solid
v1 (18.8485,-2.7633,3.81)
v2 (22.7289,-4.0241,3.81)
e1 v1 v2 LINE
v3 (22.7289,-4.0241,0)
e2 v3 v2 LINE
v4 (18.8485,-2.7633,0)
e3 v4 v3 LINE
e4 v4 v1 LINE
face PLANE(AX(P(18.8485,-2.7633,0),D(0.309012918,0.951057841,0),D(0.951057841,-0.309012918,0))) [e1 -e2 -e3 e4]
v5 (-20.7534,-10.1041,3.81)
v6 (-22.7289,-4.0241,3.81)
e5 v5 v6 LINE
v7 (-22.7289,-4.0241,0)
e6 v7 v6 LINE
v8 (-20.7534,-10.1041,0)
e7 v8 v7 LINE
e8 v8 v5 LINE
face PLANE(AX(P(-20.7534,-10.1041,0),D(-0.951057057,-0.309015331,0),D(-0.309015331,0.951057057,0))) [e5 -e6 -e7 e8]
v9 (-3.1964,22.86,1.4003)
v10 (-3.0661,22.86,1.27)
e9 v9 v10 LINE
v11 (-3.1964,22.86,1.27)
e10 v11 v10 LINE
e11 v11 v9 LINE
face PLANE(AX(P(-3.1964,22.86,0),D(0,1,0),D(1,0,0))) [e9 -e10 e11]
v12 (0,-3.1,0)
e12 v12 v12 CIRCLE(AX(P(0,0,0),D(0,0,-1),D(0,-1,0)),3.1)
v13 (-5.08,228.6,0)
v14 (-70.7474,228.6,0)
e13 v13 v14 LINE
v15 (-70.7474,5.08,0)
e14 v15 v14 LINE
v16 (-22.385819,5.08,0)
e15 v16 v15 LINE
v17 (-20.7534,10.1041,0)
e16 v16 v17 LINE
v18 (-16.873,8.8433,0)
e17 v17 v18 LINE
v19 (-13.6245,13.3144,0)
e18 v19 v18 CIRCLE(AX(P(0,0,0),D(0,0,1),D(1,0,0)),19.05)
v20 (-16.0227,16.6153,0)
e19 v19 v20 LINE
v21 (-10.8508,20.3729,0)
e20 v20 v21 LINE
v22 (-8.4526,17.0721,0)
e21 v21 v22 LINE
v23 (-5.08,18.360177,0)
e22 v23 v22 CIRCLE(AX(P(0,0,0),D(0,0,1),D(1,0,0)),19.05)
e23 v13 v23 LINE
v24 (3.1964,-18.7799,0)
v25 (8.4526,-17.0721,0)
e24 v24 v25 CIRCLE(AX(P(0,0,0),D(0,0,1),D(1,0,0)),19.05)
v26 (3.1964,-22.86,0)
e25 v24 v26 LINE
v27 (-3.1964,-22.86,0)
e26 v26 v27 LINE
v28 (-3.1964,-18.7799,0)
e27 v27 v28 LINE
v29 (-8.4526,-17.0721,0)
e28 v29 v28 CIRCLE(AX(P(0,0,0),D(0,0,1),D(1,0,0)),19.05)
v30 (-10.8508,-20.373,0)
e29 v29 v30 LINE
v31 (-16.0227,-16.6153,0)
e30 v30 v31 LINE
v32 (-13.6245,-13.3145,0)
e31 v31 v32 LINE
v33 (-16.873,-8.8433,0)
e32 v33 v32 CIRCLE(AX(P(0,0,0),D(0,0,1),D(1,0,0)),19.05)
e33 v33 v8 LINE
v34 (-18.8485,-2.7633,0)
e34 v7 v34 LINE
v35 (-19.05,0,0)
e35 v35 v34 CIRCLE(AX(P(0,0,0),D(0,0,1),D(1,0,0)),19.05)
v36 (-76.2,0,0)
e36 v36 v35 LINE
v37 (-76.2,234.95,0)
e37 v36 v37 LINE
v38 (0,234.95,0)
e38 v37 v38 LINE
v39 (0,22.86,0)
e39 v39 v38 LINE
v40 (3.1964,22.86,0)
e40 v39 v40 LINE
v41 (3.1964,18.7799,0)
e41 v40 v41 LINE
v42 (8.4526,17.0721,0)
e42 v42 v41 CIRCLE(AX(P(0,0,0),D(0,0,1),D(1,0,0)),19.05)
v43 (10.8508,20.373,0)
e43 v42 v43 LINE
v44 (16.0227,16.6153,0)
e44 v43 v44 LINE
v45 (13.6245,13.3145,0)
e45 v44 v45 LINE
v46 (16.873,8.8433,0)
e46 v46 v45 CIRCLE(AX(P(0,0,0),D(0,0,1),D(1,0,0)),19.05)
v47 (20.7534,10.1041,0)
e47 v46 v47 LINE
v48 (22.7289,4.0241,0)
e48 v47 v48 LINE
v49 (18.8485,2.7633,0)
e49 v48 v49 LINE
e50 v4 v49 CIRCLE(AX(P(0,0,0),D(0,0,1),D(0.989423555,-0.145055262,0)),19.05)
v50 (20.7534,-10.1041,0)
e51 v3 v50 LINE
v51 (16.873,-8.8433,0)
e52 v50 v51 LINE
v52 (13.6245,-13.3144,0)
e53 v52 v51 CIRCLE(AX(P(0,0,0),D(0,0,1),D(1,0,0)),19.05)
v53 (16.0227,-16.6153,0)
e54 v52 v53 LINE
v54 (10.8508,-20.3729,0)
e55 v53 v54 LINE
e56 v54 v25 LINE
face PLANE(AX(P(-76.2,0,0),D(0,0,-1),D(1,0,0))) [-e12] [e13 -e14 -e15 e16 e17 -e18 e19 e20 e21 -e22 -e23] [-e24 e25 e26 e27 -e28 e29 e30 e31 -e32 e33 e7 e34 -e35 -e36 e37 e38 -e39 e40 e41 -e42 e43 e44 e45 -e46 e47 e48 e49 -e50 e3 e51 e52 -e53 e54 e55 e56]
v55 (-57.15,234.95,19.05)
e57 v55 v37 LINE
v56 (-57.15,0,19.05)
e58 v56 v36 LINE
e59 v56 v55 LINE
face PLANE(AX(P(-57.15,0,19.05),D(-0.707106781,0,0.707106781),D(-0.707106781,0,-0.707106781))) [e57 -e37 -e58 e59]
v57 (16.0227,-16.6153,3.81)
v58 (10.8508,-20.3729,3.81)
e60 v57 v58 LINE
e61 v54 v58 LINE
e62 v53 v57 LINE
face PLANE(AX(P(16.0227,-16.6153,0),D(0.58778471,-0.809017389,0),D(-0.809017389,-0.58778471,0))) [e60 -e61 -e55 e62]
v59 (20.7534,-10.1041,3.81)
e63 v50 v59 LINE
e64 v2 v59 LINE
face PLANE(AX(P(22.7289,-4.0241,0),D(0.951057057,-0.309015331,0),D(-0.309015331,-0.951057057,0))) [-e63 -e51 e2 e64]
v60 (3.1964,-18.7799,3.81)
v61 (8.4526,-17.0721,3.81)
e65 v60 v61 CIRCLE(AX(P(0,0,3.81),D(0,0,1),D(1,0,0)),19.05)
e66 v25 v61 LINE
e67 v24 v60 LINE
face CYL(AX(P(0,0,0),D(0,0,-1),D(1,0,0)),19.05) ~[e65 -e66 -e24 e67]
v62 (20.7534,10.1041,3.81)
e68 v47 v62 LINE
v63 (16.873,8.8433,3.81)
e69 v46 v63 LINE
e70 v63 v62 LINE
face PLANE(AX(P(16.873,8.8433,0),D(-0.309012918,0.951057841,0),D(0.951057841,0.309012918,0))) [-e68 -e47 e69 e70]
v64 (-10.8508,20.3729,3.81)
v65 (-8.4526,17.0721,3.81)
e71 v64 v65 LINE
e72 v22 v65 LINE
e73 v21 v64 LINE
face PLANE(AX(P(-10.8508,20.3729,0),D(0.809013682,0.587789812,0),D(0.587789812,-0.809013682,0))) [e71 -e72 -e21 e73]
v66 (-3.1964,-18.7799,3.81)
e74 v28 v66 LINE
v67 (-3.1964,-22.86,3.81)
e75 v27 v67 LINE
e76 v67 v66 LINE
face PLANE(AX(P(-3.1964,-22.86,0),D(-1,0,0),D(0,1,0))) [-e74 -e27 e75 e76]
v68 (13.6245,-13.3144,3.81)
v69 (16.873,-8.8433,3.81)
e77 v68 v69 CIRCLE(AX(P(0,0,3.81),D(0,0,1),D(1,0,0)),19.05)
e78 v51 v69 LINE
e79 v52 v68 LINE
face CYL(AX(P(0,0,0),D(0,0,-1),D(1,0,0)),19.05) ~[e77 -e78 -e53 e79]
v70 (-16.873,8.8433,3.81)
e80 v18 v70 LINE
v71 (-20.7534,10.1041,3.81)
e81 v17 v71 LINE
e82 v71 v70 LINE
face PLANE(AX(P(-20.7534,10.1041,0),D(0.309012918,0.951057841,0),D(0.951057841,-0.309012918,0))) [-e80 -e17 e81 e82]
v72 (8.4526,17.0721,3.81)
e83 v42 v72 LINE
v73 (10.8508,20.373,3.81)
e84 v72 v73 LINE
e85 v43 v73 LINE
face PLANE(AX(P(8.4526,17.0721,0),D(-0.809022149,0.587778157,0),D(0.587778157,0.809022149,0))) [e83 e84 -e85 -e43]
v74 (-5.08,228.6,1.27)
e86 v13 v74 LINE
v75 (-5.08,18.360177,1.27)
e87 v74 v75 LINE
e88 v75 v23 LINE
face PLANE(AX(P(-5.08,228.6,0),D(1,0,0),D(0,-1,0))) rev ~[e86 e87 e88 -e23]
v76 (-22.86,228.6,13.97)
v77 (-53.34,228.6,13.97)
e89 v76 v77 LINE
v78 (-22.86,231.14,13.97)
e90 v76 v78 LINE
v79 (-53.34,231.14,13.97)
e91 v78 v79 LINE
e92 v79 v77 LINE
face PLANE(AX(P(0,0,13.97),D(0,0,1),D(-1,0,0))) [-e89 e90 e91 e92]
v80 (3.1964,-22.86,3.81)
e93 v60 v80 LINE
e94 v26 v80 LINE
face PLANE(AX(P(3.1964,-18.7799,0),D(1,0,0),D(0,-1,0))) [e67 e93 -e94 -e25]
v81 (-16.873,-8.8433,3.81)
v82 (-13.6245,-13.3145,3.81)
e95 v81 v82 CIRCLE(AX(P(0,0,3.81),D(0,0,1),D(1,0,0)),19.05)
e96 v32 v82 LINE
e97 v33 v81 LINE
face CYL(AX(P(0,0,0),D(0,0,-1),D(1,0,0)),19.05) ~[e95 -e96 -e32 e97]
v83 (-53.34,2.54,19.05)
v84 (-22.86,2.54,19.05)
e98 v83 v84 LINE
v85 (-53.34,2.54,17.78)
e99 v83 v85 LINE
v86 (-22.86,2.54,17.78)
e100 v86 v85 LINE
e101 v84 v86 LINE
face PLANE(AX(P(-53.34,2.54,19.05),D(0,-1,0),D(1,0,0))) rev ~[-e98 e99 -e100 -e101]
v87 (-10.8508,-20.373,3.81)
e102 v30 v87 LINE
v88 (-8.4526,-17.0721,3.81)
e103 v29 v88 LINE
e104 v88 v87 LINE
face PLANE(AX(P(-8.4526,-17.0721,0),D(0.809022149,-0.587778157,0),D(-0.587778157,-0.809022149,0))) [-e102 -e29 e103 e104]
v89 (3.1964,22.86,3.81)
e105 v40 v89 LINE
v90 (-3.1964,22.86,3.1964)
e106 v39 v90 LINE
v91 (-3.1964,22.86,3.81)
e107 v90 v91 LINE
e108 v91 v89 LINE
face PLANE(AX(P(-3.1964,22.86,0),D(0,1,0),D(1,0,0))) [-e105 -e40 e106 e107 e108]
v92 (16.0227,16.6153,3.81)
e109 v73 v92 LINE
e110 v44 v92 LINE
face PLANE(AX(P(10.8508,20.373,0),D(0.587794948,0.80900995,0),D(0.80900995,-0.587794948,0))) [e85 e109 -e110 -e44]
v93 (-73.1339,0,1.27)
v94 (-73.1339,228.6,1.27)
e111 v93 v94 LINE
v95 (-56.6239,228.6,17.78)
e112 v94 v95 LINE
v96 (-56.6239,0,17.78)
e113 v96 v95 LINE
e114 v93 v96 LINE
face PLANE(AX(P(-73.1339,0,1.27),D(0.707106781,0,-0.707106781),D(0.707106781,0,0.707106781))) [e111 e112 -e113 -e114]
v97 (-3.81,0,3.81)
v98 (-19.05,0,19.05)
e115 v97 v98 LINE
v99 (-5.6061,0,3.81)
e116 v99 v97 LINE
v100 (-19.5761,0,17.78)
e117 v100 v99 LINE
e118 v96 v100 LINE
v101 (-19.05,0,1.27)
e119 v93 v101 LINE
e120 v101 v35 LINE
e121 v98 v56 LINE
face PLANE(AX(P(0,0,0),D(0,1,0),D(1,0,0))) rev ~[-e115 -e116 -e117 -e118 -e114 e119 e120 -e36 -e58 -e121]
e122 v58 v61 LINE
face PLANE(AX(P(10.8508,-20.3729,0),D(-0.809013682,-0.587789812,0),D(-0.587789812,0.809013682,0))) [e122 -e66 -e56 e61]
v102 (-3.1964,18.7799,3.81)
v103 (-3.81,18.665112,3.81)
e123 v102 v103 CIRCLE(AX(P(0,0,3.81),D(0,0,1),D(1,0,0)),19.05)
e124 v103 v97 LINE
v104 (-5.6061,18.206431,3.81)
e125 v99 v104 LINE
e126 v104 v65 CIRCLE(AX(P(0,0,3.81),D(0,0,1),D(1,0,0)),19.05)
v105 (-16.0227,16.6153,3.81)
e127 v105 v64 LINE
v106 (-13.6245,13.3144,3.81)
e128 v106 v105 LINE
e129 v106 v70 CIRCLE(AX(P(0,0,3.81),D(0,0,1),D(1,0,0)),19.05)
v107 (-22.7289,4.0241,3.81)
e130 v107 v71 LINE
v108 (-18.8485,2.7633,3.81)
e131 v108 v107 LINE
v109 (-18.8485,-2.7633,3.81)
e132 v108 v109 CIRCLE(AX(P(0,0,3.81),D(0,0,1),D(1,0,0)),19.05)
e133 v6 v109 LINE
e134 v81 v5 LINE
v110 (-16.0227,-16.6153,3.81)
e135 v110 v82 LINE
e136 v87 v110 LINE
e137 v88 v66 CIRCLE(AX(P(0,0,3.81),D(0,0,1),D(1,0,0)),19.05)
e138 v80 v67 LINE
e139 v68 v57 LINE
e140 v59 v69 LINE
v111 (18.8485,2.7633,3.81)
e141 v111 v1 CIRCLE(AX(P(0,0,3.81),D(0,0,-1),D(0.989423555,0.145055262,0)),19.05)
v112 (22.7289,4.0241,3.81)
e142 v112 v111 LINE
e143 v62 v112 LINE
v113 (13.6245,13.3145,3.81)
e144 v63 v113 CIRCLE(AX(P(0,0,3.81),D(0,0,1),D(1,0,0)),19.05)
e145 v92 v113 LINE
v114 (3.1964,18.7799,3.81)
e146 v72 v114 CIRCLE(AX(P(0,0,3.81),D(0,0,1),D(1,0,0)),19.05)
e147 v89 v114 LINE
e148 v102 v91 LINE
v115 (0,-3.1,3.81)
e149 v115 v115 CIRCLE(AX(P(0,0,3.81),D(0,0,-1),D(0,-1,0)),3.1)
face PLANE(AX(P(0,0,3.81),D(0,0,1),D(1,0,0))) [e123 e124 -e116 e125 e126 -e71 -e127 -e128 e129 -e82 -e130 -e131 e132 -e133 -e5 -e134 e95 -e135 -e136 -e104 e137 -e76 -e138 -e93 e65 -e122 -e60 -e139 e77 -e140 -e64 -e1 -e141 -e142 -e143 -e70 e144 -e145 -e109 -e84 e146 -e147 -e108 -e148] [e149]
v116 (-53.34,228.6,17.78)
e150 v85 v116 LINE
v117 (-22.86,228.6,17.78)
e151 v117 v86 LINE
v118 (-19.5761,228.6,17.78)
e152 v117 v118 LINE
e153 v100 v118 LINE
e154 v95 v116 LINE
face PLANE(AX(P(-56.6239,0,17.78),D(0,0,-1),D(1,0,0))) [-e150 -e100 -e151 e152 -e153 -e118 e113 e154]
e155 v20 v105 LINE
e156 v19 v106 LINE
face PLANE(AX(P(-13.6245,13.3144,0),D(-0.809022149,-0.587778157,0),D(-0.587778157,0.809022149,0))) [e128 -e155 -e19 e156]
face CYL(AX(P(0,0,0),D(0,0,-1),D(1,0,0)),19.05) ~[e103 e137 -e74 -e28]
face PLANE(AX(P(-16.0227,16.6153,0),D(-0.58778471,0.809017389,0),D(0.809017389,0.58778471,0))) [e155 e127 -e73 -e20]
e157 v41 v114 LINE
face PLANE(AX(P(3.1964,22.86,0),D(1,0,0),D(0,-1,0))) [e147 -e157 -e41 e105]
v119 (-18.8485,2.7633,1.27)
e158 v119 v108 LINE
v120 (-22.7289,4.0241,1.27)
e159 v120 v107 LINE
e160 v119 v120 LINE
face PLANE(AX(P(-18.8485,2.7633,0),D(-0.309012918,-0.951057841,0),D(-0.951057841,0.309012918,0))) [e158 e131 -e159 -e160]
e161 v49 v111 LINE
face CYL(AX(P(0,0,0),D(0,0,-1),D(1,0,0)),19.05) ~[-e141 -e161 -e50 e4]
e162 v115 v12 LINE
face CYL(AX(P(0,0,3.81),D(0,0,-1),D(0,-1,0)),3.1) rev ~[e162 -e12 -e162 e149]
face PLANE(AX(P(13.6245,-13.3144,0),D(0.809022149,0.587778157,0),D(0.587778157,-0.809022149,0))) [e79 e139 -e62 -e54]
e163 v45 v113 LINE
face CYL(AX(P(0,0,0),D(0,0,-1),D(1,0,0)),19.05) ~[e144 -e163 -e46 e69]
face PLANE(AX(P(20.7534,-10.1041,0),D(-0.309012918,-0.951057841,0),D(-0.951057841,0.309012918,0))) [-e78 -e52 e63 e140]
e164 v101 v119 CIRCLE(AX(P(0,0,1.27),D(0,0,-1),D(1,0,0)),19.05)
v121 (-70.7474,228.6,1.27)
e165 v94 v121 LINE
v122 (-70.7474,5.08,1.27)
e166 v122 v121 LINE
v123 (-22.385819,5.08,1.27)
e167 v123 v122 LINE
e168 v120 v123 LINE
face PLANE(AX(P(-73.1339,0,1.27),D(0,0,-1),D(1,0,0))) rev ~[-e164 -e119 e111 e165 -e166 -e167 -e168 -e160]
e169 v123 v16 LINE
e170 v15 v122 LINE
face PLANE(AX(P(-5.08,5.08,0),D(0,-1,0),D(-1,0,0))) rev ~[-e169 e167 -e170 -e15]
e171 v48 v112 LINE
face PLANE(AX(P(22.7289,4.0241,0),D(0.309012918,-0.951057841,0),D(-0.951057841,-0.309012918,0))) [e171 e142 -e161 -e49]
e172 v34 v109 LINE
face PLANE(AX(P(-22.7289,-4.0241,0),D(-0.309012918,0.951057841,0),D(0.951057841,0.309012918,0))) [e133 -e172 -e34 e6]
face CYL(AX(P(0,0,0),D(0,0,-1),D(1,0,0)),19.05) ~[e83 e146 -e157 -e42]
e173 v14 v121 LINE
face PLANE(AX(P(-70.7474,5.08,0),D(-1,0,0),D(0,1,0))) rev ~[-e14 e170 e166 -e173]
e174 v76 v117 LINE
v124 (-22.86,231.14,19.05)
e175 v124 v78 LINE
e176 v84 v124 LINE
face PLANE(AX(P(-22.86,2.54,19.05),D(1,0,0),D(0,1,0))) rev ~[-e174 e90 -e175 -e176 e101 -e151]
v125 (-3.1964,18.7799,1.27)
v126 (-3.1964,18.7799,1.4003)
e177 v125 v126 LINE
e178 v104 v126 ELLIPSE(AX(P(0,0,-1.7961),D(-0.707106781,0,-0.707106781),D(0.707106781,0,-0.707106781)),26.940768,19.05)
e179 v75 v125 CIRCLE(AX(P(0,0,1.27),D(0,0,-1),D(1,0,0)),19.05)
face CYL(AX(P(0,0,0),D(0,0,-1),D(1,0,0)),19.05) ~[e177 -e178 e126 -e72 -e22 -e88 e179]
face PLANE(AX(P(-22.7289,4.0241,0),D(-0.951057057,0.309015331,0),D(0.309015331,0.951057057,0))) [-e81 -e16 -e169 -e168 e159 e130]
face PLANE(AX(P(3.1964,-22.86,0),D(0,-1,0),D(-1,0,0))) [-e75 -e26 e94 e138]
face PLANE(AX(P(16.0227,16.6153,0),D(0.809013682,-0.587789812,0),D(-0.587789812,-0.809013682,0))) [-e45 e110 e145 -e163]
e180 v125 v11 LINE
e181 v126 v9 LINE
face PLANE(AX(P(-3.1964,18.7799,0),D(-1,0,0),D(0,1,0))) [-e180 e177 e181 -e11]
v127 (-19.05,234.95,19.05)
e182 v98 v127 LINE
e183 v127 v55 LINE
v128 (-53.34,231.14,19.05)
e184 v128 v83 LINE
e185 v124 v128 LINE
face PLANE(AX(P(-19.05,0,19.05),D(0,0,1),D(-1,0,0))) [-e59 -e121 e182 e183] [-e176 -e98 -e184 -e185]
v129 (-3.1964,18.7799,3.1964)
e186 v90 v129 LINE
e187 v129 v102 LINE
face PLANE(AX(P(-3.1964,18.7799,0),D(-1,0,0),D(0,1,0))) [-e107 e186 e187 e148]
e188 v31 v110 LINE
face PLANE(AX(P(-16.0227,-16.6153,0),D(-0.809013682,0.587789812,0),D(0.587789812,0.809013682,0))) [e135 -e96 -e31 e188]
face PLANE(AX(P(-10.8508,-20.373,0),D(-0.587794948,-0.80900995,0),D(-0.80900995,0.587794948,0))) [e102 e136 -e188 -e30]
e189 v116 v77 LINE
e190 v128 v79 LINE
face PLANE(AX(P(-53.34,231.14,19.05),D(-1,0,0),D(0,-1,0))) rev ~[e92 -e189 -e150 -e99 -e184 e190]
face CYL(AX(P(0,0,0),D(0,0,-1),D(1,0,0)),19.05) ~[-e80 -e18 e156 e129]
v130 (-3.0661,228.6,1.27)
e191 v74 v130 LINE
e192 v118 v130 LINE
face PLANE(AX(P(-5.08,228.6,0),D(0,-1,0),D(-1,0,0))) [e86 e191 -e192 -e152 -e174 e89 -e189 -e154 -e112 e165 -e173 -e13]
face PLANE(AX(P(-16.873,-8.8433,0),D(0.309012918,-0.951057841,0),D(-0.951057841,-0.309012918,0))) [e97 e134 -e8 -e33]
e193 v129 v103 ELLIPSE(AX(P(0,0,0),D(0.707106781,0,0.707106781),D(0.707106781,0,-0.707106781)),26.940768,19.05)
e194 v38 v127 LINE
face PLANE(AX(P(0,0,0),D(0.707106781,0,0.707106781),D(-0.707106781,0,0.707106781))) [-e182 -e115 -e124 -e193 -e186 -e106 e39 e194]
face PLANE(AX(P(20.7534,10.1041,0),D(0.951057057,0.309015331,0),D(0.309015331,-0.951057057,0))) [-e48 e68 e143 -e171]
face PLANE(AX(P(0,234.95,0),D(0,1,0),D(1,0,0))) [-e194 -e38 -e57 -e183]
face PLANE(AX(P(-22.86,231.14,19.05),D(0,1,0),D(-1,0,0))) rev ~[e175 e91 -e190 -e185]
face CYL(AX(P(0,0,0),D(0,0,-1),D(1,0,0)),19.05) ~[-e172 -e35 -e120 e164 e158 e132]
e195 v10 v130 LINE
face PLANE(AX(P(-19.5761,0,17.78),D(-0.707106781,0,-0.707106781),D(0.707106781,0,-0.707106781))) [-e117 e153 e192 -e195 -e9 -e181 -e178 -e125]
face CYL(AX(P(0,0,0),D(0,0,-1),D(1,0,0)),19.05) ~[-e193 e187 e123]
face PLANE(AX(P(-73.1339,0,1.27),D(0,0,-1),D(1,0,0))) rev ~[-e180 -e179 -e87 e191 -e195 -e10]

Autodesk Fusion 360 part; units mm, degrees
sketch "top hopper side" plane through (0, 0, 0) normal (0, 1, 0) x (1, 0, 0)
  line L0 (-76.2, 0) -> (0, 0)
  line L1 (0, 0) -> (-19.05, -19.05)
  line L2 (-19.05, -19.05) -> (-57.15, -19.05)
  line L3 (-57.15, -19.05) -> (-76.2, 0)
  dimension "d12" = 76.2
  dimension "d13" = 38.1
  dimension "d14" = 45
extrude "Extrude3" add sketch "top hopper side" along normal blind 234.95
sketch "side cutout" plane through (0, 0, 0) normal (0, -1, 0) x (1, 0, 0)
  line L0 (-19.05, 19.05) -> (-57.15, 19.05)
  line L1 (-57.15, 19.05) -> (-76.2, 0)
  line L2 (-76.2, 0) -> (0, 0)
  line L3 (0, 0) -> (-19.05, 19.05)
  line L4 (-76.2, 0) -> (-57.15, 19.05)
  line L5 (-19.05, 19.05) -> (0, 0)
  line L6 (-76.2, 0) -> (0, 0)
  line L7 (-57.15, 19.05) -> (-19.05, 19.05)
  line L8 (-73.1339, 1.27) -> (-3.0661, 1.27)
  line L9 (-19.5761, 17.78) -> (-3.0661, 1.27)
  line L10 (-56.6239, 17.78) -> (-19.5761, 17.78)
  line L11 (-73.1339, 1.27) -> (-56.6239, 17.78)
  dimension "d17" = 1.27
extrude "Extrude4" cut sketch "side cutout" against normal blind 228.6 contours L8 L9 L10 L11
sketch "bottom cutout" plane through (0, 0, 0) normal (0, 0, -1) x (1, 0, 0)
  line L0 (0, 0) -> (-76.2, 0)
  line L1 (-76.2, 0) -> (-76.2, -234.95)
  line L2 (-76.2, -234.95) -> (0, -234.95)
  line L3 (0, -234.95) -> (0, 0)
  line L4 (-5.08, -5.08) -> (-70.7474, -5.08)
  line L5 (-70.7474, -5.08) -> (-70.7474, -228.6)
  line L6 (-5.08, -228.6) -> (-5.08, -5.08)
  line L7 (-5.08, -228.6) -> (-70.7474, -228.6)
  dimension "d20" = 223.52
  dimension "d21" = 65.6674
  dimension "d22" = 5.08
  dimension "d23" = 5.08
extrude "Extrude5" cut sketch "bottom cutout" against normal blind 2.54 contours L4 L5 L6 L7
sketch "top cutout" plane through (0, 0, 19.05) normal (0, 0, 1) x (-1, 0, 0)
  line L0 (57.15, 0) -> (19.05, 0)
  line L1 (19.05, 0) -> (19.05, -234.95)
  line L2 (19.05, -234.95) -> (57.15, -234.95)
  line L3 (57.15, -234.95) -> (57.15, 0)
  line L4 (53.34, -2.54) -> (22.86, -2.54)
  line L5 (22.86, -2.54) -> (22.86, -231.14)
  line L6 (22.86, -231.14) -> (53.34, -231.14)
  line L7 (53.34, -231.14) -> (53.34, -2.54)
  dimension "d26" = 228.6
  dimension "d27" = 30.48
  dimension "d28" = 3.81
  dimension "d29" = 2.54
extrude "Extrude6" cut sketch "top cutout" against normal blind 5.08 contours L4 L5 L6 L7

Autodesk Fusion 360 part; units mm, degrees
sketch "wheel" plane through (0, 0, 0) normal (0, 0, 1) x (1, 0, 0)
  circle A0 centre (0, 0) radius 19.05
  line L0 (-3.1964, 18.7799) -> (-3.1964, 22.86)
  line L1 (-3.1964, 22.86) -> (3.1964, 22.86)
  line L2 (3.1964, 22.86) -> (3.1964, 18.7799)
  line L3 (-13.6245, 13.3144) -> (-16.0227, 16.6153)
  line L4 (-16.0227, 16.6153) -> (-10.8508, 20.3729)
  line L5 (-10.8508, 20.3729) -> (-8.4526, 17.0721)
  line L6 (-18.8485, 2.7633) -> (-22.7289, 4.0241)
  line L7 (-22.7289, 4.0241) -> (-20.7534, 10.1041)
  line L8 (-20.7534, 10.1041) -> (-16.873, 8.8433)
  line L9 (-16.873, -8.8433) -> (-20.7534, -10.1041)
  line L10 (-20.7534, -10.1041) -> (-22.7289, -4.0241)
  line L11 (-22.7289, -4.0241) -> (-18.8485, -2.7633)
  line L12 (-8.4526, -17.0721) -> (-10.8508, -20.373)
  line L13 (-10.8508, -20.373) -> (-16.0227, -16.6153)
  line L14 (-16.0227, -16.6153) -> (-13.6245, -13.3145)
  line L15 (3.1964, -18.7799) -> (3.1964, -22.86)
  line L16 (3.1964, -22.86) -> (-3.1964, -22.86)
  line L17 (-3.1964, -22.86) -> (-3.1964, -18.7799)
  line L18 (13.6245, -13.3144) -> (16.0227, -16.6153)
  line L19 (16.0227, -16.6153) -> (10.8508, -20.3729)
  line L20 (10.8508, -20.3729) -> (8.4526, -17.0721)
  line L21 (18.8485, -2.7633) -> (22.7289, -4.0241)
  line L22 (22.7289, -4.0241) -> (20.7534, -10.1041)
  line L23 (20.7534, -10.1041) -> (16.873, -8.8433)
  line L24 (16.873, 8.8433) -> (20.7534, 10.1041)
  line L25 (20.7534, 10.1041) -> (22.7289, 4.0241)
  line L26 (22.7289, 4.0241) -> (18.8485, 2.7633)
  line L27 (8.4526, 17.0721) -> (10.8508, 20.373)
  line L28 (10.8508, 20.373) -> (16.0227, 16.6153)
  line L29 (16.0227, 16.6153) -> (13.6245, 13.3145)
  dimension "d1" = 38.1
  dimension "d2" = 6.3929
  dimension "d3" = 4.0801
  dimension "d5" = 360
extrude "Extrude1" add sketch "wheel" along normal blind 3.81
sketch "hole punch" plane through (0, 0, 3.81) normal (0, 0, 1) x (-1, 0, 0)
  arc A0 (-8.4526, -17.0721) -> (-3.1964, -18.7799) centre (0, 0) ccw
  line L0 (-3.1964, -18.7799) -> (-3.1964, -22.86)
  line L1 (-3.1964, -22.86) -> (3.1964, -22.86)
  line L2 (3.1964, -22.86) -> (3.1964, -18.7799)
  arc A1 (3.1964, -18.7799) -> (8.4526, -17.0721) centre (0, 0) ccw
  line L3 (8.4526, -17.0721) -> (10.8508, -20.3729)
  line L4 (10.8508, -20.3729) -> (16.0227, -16.6153)
  line L5 (16.0227, -16.6153) -> (13.6245, -13.3144)
  arc A2 (13.6245, -13.3144) -> (16.873, -8.8433) centre (0, 0) ccw
  line L6 (16.873, -8.8433) -> (20.7534, -10.1041)
  line L7 (20.7534, -10.1041) -> (22.7289, -4.0241)
  line L8 (22.7289, -4.0241) -> (18.8485, -2.7633)
  arc A3 (18.8485, -2.7633) -> (18.8485, 2.7633) centre (0, 0) ccw
  line L9 (18.8485, 2.7633) -> (22.7289, 4.0241)
  line L10 (22.7289, 4.0241) -> (20.7534, 10.1041)
  line L11 (20.7534, 10.1041) -> (16.873, 8.8433)
  arc A4 (16.873, 8.8433) -> (13.6245, 13.3145) centre (0, 0) ccw
  line L12 (13.6245, 13.3145) -> (16.0227, 16.6153)
  line L13 (16.0227, 16.6153) -> (10.8508, 20.373)
  line L14 (10.8508, 20.373) -> (8.4526, 17.0721)
  arc A5 (8.4526, 17.0721) -> (3.1964, 18.7799) centre (0, 0) ccw
  line L15 (3.1964, 18.7799) -> (3.1964, 22.86)
  line L16 (3.1964, 22.86) -> (-3.1964, 22.86)
  line L17 (-3.1964, 22.86) -> (-3.1964, 18.7799)
  arc A6 (-3.1964, 18.7799) -> (-8.4526, 17.0721) centre (0, 0) ccw
  line L18 (-8.4526, 17.0721) -> (-10.8508, 20.3729)
  line L19 (-10.8508, 20.3729) -> (-16.0227, 16.6153)
  line L20 (-16.0227, 16.6153) -> (-13.6245, 13.3144)
  arc A7 (-13.6245, 13.3144) -> (-16.873, 8.8433) centre (0, 0) ccw
  line L21 (-16.873, 8.8433) -> (-20.7534, 10.1041)
  line L22 (-20.7534, 10.1041) -> (-22.7289, 4.0241)
  line L23 (-22.7289, 4.0241) -> (-18.8485, 2.7633)
  arc A8 (-18.8485, 2.7633) -> (-18.8485, -2.7633) centre (0, 0) ccw
  line L24 (-18.8485, -2.7633) -> (-22.7289, -4.0241)
  line L25 (-22.7289, -4.0241) -> (-20.7534, -10.1041)
  line L26 (-20.7534, -10.1041) -> (-16.873, -8.8433)
  arc A9 (-16.873, -8.8433) -> (-13.6245, -13.3145) centre (0, 0) ccw
  line L27 (-13.6245, -13.3145) -> (-16.0227, -16.6153)
  line L28 (-16.0227, -16.6153) -> (-10.8508, -20.373)
  line L29 (-10.8508, -20.373) -> (-8.4526, -17.0721)
  circle A10 centre (0, 0) radius 19.05
  line L30 (0.0528, -19.0499) -> (0.0528, 19.0499)
  line L31 (19.05, 0) -> (-19.05, 0)
hole "Hole1" at (0, 0, 3.81) direction (0, 0, -1) diameter 6.2 depth 6.2 tip angle 118
